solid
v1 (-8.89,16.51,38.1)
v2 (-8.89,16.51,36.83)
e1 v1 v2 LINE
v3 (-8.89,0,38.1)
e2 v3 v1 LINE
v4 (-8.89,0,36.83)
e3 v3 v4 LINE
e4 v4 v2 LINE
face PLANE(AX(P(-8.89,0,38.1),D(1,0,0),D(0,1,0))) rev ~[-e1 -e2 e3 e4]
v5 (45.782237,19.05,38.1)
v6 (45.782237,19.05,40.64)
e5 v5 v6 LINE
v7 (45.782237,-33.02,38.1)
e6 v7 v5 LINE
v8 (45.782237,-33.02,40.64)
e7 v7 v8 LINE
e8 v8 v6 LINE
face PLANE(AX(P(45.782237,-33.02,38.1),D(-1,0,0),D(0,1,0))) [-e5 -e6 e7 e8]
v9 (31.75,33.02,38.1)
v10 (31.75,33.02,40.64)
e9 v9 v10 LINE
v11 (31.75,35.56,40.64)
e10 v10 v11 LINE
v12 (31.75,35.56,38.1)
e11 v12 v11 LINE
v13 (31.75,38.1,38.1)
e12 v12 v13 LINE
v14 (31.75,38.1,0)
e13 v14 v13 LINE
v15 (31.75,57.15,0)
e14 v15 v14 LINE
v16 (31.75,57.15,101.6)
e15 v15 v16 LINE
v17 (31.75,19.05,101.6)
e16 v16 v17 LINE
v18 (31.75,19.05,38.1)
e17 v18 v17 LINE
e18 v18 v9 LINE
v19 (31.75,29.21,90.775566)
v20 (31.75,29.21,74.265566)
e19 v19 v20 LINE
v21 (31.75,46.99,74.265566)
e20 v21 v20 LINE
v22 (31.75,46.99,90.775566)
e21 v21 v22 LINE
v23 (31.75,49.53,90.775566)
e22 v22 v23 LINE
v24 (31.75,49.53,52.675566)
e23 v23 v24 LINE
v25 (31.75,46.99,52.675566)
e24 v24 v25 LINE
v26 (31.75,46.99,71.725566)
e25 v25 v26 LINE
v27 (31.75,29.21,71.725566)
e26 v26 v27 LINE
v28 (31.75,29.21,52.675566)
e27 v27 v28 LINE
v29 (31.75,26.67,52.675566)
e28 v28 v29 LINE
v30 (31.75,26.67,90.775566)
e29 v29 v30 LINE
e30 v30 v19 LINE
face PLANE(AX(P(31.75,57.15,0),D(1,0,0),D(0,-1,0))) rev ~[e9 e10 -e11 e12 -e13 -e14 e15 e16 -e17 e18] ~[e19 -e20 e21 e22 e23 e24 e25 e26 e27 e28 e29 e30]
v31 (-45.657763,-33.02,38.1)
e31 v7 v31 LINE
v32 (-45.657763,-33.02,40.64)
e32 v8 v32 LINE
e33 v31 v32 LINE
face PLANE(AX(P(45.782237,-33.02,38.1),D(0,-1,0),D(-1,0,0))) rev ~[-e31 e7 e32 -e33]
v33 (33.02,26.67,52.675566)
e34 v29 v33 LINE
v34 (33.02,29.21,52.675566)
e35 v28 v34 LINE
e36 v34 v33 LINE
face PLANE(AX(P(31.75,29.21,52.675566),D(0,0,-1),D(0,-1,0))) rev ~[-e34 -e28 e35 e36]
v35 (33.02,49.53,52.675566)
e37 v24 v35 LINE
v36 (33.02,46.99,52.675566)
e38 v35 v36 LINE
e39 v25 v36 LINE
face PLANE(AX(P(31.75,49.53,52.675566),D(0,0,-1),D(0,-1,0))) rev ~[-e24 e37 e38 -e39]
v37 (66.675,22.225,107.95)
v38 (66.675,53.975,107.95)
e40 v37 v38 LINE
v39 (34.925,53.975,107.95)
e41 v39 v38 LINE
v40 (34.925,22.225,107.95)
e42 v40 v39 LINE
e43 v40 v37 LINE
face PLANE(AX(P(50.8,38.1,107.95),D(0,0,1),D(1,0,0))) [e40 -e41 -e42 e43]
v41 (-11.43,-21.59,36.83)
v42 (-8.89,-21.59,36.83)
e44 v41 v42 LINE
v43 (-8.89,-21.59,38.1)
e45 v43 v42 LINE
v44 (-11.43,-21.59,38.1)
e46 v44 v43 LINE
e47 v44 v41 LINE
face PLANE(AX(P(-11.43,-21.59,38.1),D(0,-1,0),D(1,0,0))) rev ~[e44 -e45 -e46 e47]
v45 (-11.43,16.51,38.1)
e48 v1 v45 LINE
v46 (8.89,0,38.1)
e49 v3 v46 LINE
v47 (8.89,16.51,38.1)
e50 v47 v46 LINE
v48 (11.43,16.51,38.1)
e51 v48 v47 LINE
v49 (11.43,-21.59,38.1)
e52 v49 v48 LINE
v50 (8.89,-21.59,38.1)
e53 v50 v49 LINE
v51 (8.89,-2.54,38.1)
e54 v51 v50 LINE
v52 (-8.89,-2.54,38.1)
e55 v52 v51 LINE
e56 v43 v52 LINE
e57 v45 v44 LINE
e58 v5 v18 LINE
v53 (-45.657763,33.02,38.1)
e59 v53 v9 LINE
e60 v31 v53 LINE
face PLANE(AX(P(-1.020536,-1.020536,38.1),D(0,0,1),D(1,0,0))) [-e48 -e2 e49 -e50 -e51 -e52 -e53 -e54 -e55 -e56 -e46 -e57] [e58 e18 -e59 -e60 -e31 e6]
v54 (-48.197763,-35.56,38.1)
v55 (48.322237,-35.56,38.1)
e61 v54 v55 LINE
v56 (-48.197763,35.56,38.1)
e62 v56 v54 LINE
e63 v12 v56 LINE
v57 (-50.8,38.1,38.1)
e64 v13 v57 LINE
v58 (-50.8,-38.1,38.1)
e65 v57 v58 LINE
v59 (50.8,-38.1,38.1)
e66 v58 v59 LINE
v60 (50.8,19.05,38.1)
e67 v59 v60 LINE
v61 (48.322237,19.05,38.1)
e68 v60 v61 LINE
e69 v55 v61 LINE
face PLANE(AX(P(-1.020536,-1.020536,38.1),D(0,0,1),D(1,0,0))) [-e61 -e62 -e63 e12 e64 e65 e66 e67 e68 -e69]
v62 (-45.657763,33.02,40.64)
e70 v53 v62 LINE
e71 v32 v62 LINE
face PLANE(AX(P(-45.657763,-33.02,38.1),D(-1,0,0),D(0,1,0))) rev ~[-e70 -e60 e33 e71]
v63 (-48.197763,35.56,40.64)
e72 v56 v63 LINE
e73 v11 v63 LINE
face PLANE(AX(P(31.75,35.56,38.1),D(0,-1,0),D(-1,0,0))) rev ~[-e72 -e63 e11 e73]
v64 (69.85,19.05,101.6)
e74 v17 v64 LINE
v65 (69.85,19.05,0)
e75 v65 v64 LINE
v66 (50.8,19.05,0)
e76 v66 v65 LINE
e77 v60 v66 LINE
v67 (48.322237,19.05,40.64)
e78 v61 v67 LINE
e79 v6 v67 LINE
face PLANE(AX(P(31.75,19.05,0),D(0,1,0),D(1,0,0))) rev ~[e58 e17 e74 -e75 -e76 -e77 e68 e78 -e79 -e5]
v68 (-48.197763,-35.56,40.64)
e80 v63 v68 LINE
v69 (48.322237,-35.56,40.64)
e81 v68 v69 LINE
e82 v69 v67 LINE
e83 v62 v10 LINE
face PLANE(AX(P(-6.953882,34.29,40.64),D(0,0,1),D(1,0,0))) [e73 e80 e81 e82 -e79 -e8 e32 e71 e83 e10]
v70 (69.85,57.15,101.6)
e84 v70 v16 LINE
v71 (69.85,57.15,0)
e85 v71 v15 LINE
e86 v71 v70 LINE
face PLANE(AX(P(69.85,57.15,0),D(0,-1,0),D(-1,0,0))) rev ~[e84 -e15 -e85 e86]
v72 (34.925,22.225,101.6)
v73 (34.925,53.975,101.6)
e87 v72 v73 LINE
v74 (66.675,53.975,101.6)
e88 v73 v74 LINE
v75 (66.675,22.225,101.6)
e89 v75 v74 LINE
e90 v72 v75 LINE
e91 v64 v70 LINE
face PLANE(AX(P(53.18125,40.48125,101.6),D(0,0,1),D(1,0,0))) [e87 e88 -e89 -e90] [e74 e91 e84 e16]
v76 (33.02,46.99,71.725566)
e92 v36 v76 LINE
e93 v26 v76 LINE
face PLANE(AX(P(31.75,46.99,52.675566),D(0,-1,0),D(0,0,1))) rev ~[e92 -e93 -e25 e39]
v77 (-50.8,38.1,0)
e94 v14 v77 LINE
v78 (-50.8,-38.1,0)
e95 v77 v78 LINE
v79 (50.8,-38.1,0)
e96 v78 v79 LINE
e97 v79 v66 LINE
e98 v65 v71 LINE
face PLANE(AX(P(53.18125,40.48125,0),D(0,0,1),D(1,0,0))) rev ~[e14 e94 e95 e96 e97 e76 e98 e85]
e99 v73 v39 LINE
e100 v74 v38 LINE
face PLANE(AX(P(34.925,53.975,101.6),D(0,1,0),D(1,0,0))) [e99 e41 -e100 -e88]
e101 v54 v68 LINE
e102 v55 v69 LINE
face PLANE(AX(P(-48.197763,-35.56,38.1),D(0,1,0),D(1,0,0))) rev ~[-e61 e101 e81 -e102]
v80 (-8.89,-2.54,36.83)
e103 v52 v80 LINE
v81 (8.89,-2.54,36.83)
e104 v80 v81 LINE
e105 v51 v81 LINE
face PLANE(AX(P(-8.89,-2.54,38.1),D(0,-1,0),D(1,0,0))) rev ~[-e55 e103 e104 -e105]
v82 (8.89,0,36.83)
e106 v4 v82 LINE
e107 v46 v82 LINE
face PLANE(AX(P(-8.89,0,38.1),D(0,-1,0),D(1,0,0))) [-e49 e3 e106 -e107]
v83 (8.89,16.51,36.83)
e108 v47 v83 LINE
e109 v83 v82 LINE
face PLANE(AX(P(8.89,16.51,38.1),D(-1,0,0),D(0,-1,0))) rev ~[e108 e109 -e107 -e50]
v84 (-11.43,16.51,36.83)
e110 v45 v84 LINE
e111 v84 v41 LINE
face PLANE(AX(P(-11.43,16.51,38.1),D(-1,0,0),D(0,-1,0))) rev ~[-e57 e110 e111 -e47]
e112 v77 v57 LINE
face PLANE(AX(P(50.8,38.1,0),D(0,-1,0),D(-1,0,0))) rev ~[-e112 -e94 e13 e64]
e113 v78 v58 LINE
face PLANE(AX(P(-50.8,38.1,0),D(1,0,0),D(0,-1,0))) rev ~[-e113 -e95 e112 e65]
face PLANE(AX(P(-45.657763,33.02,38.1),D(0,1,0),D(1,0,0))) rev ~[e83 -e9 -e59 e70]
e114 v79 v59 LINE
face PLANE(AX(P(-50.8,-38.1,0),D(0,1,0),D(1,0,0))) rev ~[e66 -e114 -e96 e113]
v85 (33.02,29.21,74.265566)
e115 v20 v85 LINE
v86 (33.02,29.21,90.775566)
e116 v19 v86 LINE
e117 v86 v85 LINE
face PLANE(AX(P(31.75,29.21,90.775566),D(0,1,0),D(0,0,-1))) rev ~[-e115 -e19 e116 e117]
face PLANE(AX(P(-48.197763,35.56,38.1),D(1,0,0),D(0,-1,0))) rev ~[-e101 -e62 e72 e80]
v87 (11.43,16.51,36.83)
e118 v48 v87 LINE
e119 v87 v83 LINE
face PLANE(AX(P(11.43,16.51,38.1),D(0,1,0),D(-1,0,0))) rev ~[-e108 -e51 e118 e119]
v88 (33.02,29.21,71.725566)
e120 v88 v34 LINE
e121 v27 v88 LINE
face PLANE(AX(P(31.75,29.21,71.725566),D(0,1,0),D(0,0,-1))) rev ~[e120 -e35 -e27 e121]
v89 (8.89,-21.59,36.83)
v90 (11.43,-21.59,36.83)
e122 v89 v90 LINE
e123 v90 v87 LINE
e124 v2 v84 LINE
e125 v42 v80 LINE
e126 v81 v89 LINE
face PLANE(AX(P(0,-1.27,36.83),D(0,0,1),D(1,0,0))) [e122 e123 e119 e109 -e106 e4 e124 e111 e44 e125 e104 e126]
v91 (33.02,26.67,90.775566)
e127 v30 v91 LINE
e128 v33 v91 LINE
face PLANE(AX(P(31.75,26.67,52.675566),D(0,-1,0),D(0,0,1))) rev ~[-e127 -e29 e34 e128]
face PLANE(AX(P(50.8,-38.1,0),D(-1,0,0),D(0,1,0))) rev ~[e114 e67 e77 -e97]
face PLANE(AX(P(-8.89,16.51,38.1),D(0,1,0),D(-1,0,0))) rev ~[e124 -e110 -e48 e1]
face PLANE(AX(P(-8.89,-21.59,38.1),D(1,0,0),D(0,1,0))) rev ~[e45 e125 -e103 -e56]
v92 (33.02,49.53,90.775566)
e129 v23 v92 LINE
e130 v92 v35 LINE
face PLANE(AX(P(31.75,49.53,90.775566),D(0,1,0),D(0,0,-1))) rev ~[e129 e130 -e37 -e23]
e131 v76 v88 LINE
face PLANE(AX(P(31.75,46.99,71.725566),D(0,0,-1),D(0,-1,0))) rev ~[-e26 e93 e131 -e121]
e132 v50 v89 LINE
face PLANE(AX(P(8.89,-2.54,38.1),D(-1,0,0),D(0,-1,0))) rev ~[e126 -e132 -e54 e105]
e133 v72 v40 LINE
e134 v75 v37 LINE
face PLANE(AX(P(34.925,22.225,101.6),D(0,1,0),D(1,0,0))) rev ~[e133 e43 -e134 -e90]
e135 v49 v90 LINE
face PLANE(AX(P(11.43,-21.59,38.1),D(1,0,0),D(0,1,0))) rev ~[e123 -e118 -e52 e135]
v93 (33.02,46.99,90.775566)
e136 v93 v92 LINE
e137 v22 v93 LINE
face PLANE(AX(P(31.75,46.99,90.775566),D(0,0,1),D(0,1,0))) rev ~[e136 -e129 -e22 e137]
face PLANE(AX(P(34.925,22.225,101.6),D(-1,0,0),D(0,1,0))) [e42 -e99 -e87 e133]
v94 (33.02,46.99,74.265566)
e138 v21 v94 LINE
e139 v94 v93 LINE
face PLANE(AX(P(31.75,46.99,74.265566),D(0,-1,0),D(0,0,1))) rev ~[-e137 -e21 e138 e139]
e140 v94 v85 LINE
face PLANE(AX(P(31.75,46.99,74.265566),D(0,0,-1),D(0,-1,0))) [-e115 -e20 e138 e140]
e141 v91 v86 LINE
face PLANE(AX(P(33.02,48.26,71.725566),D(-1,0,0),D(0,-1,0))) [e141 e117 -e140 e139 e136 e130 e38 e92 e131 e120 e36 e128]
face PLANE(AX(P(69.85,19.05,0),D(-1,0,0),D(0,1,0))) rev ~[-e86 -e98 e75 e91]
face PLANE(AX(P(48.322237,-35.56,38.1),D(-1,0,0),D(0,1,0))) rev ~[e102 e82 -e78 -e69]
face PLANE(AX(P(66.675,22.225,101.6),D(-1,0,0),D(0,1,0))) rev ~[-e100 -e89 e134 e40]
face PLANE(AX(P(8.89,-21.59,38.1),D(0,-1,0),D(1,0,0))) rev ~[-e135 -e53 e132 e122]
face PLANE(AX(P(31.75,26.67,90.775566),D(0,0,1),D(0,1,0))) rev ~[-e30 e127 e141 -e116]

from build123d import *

# Parameters (mm, degrees)
F0_W      = 19.05
F0_H      = 19.05
F1_DEPTH  = 38.1
F2_DEPTH  = 101.6
F3_W      = 31.75
F3_H      = 31.75
F4_DEPTH  = 6.35
F5_W      = 17.78
F5_H      = 2.54
F6_DEPTH  = 1.27
F7_W      = 77.4077631491
F7_H      = 2.54
F7_W_2    = 2.54
F7_H_2    = 52.07
F8_DEPTH  = 2.54
F9_W      = 17.78
F9_H      = 2.54
F10_DEPTH = 1.27


with BuildPart() as f1:
    # F0 (on Top) → F1 (new body)
    with BuildSketch(Plane.XY):
        Polygon((31.75, 38.1), (-50.8, 38.1), (-50.8, -38.1), (50.8, -38.1), (50.8, 19.05), (31.75, 19.05), align=None)
        with Locations((41.275, 28.575)):
            Rectangle(F0_W, F0_H)
    extrude(amount=F1_DEPTH)

    # F0 (on Top) → F2 (join)
    with BuildSketch(Plane.XY):
        Polygon((31.75, 57.15), (31.75, 38.1), (50.8, 38.1), (50.8, 19.05), (69.85, 19.05), (69.85, 57.15), align=None)
        with Locations((41.275, 28.575)):
            Rectangle(F0_W, F0_H)
    extrude(amount=F2_DEPTH)

    # F3 (on face) → F4 (join)
    with BuildSketch(Plane.XY.offset(101.6)):
        with Locations((50.8, 38.1)):
            Rectangle(F3_W, F3_H)
    extrude(amount=F4_DEPTH)

    # F5 (on face) → F6 (cut)
    with BuildSketch(Plane.XY.offset(38.1)):
        with Locations((0, -1.27)):
            Rectangle(F5_W, F5_H)
        Polygon((-8.89, 16.51), (-11.43, 16.51), (-11.43, -21.59), (-8.89, -21.59), (-8.89, -2.54), (-8.89, 0), align=None)
        Polygon((11.43, -21.59), (11.43, 16.51), (8.89, 16.51), (8.89, 0), (8.89, -2.54), (8.89, -21.59), align=None)
    extrude(amount=-F6_DEPTH, mode=Mode.SUBTRACT)

    # F7 (on face) → F8 (join)
    with BuildSketch(Plane.XY.offset(38.1)):
        with Locations((-6.9538815746, 34.29)):
            Rectangle(F7_W, F7_H)
        Polygon((-45.6577631491, 35.56), (-48.1977631491, 35.56), (-48.1977631491, -35.56), (-45.6577631491, -35.56), (-45.6577631491, -33.02), (-45.6577631491, 33.02), align=None)
        Polygon((-45.6577631491, -33.02), (-45.6577631491, -35.56), (48.3222368509, -35.56), (48.3222368509, -33.02), (45.7822368509, -33.02), align=None)
        with Locations((47.0522368509, -6.985)):
            Rectangle(F7_W_2, F7_H_2)
    extrude(amount=F8_DEPTH)

    # F9 (on face) → F10 (cut)
    with BuildSketch(Plane(origin=(31.75, 0, 0), x_dir=(0, -1, 0), z_dir=(-1, 0, 0))):
        Polygon((-46.99, 90.7755655977), (-49.53, 90.7755655977), (-49.53, 52.6755655977), (-46.99, 52.6755655977), (-46.99, 71.7255655977), (-46.99, 74.2655655977), align=None)
        with Locations((-38.1, 72.9955655977)):
            Rectangle(F9_W, F9_H)
        Polygon((-29.21, 90.7755655977), (-29.21, 74.2655655977), (-29.21, 71.7255655977), (-29.21, 52.6755655977), (-26.67, 52.6755655977), (-26.67, 90.7755655977), align=None)
    extrude(amount=-F10_DEPTH, mode=Mode.SUBTRACT)


solid = f1.part
